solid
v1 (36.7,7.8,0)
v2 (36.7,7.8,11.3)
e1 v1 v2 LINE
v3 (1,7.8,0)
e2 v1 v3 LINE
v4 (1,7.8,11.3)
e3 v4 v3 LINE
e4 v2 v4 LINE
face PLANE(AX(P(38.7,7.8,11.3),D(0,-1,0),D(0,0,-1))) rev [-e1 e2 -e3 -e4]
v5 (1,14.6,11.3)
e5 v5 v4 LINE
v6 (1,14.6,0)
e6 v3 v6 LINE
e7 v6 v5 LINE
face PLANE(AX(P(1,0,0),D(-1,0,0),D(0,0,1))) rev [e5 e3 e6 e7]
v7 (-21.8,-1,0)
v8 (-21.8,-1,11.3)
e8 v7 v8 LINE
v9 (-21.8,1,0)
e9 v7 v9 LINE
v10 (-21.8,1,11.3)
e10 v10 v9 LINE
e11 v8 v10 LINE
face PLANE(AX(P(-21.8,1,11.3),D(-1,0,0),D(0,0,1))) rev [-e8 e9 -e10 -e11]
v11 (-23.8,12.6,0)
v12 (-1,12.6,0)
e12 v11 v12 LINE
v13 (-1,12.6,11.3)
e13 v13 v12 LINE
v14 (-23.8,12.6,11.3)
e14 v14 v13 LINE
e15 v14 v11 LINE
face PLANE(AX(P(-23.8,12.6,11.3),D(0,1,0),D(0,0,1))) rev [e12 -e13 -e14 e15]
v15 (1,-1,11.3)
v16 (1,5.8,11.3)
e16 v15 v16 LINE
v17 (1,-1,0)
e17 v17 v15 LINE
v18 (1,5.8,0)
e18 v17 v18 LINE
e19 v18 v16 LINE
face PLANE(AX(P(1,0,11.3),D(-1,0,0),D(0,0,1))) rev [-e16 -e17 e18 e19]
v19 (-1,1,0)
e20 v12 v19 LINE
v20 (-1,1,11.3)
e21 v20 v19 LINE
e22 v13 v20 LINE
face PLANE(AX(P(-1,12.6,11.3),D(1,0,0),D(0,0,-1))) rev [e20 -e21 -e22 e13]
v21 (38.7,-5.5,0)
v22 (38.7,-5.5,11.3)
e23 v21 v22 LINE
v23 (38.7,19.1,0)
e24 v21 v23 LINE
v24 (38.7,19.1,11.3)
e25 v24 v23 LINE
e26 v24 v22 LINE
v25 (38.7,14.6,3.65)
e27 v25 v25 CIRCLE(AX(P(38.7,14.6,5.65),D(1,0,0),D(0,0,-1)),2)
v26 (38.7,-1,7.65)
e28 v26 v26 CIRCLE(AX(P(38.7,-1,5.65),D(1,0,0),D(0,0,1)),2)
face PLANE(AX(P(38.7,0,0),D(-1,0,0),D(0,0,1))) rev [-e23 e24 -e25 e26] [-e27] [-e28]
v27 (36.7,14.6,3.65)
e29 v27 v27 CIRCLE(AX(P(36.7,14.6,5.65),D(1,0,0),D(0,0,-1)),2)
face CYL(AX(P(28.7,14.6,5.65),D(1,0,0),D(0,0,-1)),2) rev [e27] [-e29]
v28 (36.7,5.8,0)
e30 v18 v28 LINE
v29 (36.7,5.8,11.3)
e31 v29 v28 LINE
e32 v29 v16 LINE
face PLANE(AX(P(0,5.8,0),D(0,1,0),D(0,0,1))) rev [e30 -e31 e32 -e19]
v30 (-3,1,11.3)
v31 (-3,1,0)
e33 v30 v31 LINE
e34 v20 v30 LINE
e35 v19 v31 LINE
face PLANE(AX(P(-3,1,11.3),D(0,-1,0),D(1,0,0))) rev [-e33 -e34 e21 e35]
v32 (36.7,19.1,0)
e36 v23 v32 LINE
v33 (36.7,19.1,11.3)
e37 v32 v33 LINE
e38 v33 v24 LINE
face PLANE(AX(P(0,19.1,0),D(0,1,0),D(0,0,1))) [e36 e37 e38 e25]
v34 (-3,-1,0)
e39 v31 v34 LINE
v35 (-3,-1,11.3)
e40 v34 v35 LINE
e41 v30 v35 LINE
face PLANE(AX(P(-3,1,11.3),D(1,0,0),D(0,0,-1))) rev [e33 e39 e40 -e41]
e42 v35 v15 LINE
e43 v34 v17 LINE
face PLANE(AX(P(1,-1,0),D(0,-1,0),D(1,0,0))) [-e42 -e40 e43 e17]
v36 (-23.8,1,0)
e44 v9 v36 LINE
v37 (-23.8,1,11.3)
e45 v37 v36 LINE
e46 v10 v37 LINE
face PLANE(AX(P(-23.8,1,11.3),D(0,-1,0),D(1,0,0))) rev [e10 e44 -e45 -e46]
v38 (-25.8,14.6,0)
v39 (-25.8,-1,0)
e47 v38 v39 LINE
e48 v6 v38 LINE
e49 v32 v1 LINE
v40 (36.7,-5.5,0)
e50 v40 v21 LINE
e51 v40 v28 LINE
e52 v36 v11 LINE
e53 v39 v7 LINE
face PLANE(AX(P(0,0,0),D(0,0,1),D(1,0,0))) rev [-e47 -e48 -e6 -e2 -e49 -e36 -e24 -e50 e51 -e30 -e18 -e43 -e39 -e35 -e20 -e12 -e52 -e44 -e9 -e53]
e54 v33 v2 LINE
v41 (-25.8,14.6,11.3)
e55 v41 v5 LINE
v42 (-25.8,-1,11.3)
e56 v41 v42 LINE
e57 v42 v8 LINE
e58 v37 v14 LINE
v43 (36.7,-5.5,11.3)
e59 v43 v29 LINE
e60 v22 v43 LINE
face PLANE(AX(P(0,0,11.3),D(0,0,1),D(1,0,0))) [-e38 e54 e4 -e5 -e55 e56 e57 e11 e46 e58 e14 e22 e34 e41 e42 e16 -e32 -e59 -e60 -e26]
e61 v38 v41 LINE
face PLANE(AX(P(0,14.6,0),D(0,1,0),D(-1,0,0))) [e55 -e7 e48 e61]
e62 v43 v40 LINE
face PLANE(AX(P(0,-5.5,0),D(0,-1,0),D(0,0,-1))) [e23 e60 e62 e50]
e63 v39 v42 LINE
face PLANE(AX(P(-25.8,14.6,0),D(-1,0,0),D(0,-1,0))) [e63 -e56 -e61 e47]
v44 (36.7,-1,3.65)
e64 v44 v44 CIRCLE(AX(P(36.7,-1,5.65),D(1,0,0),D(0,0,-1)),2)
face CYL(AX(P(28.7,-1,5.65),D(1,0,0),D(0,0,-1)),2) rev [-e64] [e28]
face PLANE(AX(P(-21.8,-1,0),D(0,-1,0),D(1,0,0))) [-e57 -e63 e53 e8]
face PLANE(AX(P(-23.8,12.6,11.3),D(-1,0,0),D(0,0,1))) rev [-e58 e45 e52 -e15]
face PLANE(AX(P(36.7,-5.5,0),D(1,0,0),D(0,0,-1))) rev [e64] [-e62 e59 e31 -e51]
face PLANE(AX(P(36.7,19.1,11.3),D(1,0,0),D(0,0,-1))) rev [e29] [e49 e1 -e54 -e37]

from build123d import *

# Parameters (mm, degrees)
BOSS_EXTRU_1_DEPTH      = 11.3
ESQUISSE2_W             = 8.8
ESQUISSE2_H             = 11.3
BOSS_EXTRU_2_DEPTH      = 1
ESQUISSE8_W             = 11.3
ESQUISSE8_H             = 1
BOSS_EXTRU_5_DEPTH      = 10
ESQUISSE9_W             = 2
ESQUISSE9_H             = 11.3
BOSS_EXTRU_6_DEPTH      = 7.8
ESQUISSE10_W            = 11.3
ESQUISSE10_H            = 2
BOSS_EXTRU_7_DEPTH      = 36.7
ESQUISSE11_W            = 2
ESQUISSE11_H            = 11.3
BOSS_EXTRU_8_DEPTH      = 11.3
ESQUISSE12_W            = 2
ESQUISSE12_H            = 11.3
BOSS_EXTRU_9_DEPTH      = 11.3
BOSS_EXTRU_10_DEPTH     = 11.3
ESQUISSE14_W            = 1
ESQUISSE14_H            = 11.3
BOSS_EXTRU_11_DEPTH     = 5.8
ESQUISSE16_W            = 11.3
ESQUISSE16_H            = 6.8
ENL_V_MAT_EXTRU_1_DEPTH = 1
ESQUISSE19_R            = 2
ENL_V_MAT_EXTRU_3_DEPTH = 10
ESQUISSE22_W            = 4
ESQUISSE22_H            = 1
BOSS_EXTRU_12_DEPTH     = 11.3


with BuildPart() as part:
    # Esquisse1 → Boss.-Extru.1 (new body)
    with BuildSketch(Plane.XY):
        Polygon((-21.8, 1), (-21.8, 0), (-24.8, 0), (-24.8, 13.6), (0, 13.6), (0, 0), (-3, 0), (-3, 1), (-1, 1), (-1, 12.6), (-23.8, 12.6), (-23.8, 1), align=None)
    extrude(amount=BOSS_EXTRU_1_DEPTH)

    # Esquisse2 → Boss.-Extru.2 (add)
    with BuildSketch(Plane(origin=(0, 13.6, 0), x_dir=(1, 0, 0), z_dir=(0, 1, 0))):
        with Locations((-12.4, -5.65)):
            Rectangle(ESQUISSE2_W, ESQUISSE2_H)
    extrude(amount=BOSS_EXTRU_2_DEPTH)

    # Esquisse8 → Boss.-Extru.5 (add)
    with BuildSketch(Plane(origin=(-8, 0, 0), x_dir=(0, 0, -1), z_dir=(1, 0, 0))):
        with Locations((-5.65, 14.1)):
            Rectangle(ESQUISSE8_W, ESQUISSE8_H)
    extrude(amount=BOSS_EXTRU_5_DEPTH)

    # Esquisse9 → Boss.-Extru.6 (add)
    with BuildSketch(Plane.XZ.offset(-13.6)):
        with Locations((1, 5.65)):
            Rectangle(ESQUISSE9_W, ESQUISSE9_H)
    extrude(amount=BOSS_EXTRU_6_DEPTH)

    # Esquisse10 → Boss.-Extru.7 (add)
    with BuildSketch(Plane(origin=(2, 0, 0), x_dir=(0, 0, -1), z_dir=(1, 0, 0))):
        with Locations((-5.65, 6.8)):
            Rectangle(ESQUISSE10_W, ESQUISSE10_H)
    extrude(amount=BOSS_EXTRU_7_DEPTH)

    # Esquisse11 → Boss.-Extru.8 (add)
    with BuildSketch(Plane.XZ.offset(-5.8)):
        with Locations((37.7, 5.65)):
            Rectangle(ESQUISSE11_W, ESQUISSE11_H)
    extrude(amount=BOSS_EXTRU_8_DEPTH)

    # Esquisse12 → Boss.-Extru.9 (add)
    with BuildSketch(Plane(origin=(0, 7.8, 0), x_dir=(1, 0, 0), z_dir=(0, 1, 0))):
        with Locations((37.7, -5.65)):
            Rectangle(ESQUISSE12_W, ESQUISSE12_H)
    extrude(amount=BOSS_EXTRU_9_DEPTH)

    # Esquisse13 → Boss.-Extru.10 (add)
    with BuildSketch(Plane.XY.offset(11.3)):
        Polygon((-16.8, 14.6), (-25.8, 14.6), (-25.8, 0), (-24.8, 0), (-24.8, 13.6), (-16.8, 13.6), align=None)
    extrude(amount=-BOSS_EXTRU_10_DEPTH)

    # Esquisse14 → Boss.-Extru.11 (add)
    with BuildSketch(Plane.XZ.offset(-5.8)):
        with Locations((0.5, 5.65)):
            Rectangle(ESQUISSE14_W, ESQUISSE14_H)
    extrude(amount=BOSS_EXTRU_11_DEPTH)

    # Esquisse16 → Enlèv. mat.-Extru.1 (cut)
    with BuildSketch(Plane(origin=(2, 0, 0), x_dir=(0, 0, -1), z_dir=(1, 0, 0))):
        with Locations((-5.65, 11.2)):
            Rectangle(ESQUISSE16_W, ESQUISSE16_H)
    extrude(amount=-ENL_V_MAT_EXTRU_1_DEPTH, mode=Mode.SUBTRACT)

    # Esquisse19 → Enlèv. mat.-Extru.3 (cut)
    with BuildSketch(Plane(origin=(38.7, 0, 0), x_dir=(0, 0, -1), z_dir=(1, 0, 0))):
        with Locations((-5.65, 14.6)):
            Circle(ESQUISSE19_R)
        with Locations((-5.65, -1)):
            Circle(ESQUISSE19_R)
    extrude(amount=-ENL_V_MAT_EXTRU_3_DEPTH, mode=Mode.SUBTRACT)

    # Esquisse22 → Boss.-Extru.12 (add)
    with BuildSketch(Plane.XY.offset(11.3)):
        with Locations((-23.8, -0.5)):
            Rectangle(ESQUISSE22_W, ESQUISSE22_H)
        with Locations((-1, -0.5)):
            Rectangle(ESQUISSE22_W, ESQUISSE22_H)
    extrude(amount=-BOSS_EXTRU_12_DEPTH)


solid = part.part
